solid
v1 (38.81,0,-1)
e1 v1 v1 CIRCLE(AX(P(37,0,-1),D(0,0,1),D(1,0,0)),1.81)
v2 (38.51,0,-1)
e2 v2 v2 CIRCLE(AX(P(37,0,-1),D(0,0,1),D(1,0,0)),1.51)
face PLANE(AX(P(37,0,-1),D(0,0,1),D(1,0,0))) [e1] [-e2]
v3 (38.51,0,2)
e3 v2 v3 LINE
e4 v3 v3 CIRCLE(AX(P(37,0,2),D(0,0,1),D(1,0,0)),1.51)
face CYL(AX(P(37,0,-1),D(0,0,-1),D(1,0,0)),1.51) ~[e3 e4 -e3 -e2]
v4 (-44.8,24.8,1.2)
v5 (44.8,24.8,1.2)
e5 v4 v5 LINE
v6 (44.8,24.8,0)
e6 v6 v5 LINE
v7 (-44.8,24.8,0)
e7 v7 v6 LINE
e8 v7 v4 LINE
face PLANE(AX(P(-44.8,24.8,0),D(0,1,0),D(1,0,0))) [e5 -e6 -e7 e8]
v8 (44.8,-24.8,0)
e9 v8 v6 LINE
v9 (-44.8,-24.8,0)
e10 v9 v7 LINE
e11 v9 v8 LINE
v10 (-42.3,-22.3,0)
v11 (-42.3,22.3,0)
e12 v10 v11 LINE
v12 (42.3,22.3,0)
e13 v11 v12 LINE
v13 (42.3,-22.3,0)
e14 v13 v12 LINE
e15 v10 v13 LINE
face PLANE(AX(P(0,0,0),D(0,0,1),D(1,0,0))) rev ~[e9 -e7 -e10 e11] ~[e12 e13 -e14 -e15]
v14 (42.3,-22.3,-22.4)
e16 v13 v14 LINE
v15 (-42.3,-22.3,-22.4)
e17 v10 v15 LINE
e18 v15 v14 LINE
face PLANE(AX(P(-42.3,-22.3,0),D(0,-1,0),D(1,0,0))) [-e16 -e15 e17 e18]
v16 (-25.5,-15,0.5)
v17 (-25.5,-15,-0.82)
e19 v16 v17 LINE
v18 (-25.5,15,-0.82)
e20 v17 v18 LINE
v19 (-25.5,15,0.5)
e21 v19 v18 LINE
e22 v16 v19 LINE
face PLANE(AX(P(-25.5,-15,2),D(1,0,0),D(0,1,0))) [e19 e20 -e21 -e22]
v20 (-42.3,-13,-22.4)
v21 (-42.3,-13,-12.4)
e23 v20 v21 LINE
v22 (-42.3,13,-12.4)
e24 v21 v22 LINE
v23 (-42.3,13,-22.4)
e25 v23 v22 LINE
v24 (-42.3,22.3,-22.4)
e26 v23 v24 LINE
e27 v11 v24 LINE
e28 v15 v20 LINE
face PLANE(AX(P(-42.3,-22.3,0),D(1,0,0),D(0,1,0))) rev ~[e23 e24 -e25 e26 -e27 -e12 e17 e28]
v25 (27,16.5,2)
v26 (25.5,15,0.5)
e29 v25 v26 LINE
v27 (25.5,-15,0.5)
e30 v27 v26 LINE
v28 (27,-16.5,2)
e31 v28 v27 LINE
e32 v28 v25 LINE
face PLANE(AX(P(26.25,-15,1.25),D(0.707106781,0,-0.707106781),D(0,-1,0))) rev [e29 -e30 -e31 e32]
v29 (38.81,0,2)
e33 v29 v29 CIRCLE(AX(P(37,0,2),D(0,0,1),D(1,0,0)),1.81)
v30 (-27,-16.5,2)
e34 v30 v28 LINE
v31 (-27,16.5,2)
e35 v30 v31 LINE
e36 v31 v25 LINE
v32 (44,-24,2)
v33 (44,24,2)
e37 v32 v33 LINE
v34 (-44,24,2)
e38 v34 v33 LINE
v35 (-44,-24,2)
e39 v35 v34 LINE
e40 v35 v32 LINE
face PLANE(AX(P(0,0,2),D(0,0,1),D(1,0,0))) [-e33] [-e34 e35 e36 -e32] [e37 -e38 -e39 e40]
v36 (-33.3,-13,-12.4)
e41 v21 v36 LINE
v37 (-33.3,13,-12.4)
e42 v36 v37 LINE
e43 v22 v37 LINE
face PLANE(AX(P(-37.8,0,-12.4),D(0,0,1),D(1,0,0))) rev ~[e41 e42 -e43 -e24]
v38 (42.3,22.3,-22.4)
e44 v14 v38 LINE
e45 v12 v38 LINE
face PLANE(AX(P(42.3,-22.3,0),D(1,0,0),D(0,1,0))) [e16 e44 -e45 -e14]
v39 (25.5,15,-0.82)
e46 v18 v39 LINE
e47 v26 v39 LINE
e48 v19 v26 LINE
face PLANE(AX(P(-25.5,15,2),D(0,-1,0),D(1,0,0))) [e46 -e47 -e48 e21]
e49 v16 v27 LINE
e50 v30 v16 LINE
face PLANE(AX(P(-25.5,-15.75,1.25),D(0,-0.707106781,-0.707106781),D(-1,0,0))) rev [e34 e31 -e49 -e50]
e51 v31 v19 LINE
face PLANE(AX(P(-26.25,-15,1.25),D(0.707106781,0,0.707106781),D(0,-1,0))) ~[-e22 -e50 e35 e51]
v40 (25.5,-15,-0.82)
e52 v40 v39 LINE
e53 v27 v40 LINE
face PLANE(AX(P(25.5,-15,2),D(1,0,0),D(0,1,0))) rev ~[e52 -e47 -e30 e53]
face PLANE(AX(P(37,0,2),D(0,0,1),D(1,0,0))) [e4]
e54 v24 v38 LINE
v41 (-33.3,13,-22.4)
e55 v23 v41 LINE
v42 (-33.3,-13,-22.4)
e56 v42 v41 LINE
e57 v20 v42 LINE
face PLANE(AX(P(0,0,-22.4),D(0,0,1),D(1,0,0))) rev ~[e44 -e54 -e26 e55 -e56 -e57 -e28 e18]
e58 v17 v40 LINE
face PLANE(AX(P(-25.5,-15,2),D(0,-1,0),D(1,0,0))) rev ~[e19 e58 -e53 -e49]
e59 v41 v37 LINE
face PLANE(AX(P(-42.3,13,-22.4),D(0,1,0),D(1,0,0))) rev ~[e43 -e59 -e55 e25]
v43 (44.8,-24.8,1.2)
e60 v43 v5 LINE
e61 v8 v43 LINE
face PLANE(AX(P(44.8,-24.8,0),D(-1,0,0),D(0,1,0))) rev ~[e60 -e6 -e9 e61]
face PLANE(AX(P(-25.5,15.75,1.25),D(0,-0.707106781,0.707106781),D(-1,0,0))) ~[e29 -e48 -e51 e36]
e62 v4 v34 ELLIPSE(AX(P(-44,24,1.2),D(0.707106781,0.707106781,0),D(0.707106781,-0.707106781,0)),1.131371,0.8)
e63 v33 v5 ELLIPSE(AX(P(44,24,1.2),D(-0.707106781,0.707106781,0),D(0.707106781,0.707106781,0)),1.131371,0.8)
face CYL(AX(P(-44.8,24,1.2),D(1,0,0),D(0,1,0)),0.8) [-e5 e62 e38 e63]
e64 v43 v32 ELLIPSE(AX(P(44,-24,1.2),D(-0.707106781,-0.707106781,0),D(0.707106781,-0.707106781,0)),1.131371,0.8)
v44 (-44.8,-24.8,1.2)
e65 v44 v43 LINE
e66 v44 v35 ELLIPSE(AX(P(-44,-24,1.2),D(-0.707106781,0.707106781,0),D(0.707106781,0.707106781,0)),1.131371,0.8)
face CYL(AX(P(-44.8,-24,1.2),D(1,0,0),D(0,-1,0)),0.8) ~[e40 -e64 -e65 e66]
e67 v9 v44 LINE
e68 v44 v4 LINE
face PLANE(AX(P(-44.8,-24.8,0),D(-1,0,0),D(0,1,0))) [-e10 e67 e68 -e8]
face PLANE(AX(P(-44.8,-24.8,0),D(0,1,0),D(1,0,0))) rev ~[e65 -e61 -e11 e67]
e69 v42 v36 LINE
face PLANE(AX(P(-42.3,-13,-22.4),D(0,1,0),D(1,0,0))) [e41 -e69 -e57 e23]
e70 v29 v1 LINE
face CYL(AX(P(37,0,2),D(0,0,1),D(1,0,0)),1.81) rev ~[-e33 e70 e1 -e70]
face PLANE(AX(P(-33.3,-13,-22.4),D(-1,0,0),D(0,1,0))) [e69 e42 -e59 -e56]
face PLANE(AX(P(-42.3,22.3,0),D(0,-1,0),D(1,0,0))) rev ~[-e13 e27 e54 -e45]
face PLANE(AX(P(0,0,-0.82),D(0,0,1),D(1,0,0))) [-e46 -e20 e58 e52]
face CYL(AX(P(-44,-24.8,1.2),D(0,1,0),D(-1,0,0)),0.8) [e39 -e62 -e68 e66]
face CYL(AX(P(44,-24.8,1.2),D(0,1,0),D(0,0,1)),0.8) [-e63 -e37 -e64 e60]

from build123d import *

# Parameters (mm, degrees)
SKETCH_W        = 84.6
SKETCH_H        = 44.6
PAD_DEPTH       = 22.4
SKETCH001_W     = 89.6
SKETCH001_H     = 49.6
PAD001_DEPTH    = 2
FILLET_R        = 0.8
SKETCH002_W     = 51
SKETCH002_H     = 30
POCKET_DEPTH    = 2.82
CHAMFER_SIZE    = 1.5
SKETCH003_R     = 1.81
POCKET001_DEPTH = 3
SKETCH006_W     = 9
SKETCH006_H     = 26
POCKET002_DEPTH = 10
SKETCH007_R     = 1.51
PAD002_DEPTH    = 3


with BuildPart() as part:
    # Sketch → Pad (new body)
    with BuildSketch(Plane.XY):
        Rectangle(SKETCH_W, SKETCH_H)
    extrude(amount=-PAD_DEPTH)

    # Sketch001 → Pad001 (join)
    with BuildSketch(Plane.XY):
        Rectangle(SKETCH001_W, SKETCH001_H)
    extrude(amount=PAD001_DEPTH)

    # Fillet
    fillet_edges = [part.edges().sort_by_distance(p)[0] for p in [
        (0, -24.8, 2),
        (44.8, 0, 2),
        (0, 24.8, 2),
        (-44.8, 0, 2),
    ]]
    fillet(fillet_edges, radius=FILLET_R)

    # Sketch002 (on Face8 of Fillet) → Pocket (cut)
    with BuildSketch(Plane.XY.offset(2)):
        Rectangle(SKETCH002_W, SKETCH002_H)
    extrude(amount=-POCKET_DEPTH, mode=Mode.SUBTRACT)

    # Chamfer
    chamfer_edges = [part.edges().sort_by_distance(p)[0] for p in [
        (-25.5, 0, 2),
        (0, 15, 2),
        (0, -15, 2),
        (25.5, 0, 2),
    ]]
    chamfer(chamfer_edges, length=CHAMFER_SIZE)

    # Sketch003 (on Face1 of Chamfer) → Pocket001 (cut)
    with BuildSketch(Plane.XY.offset(2)):
        with Locations((37, 0)):
            Circle(SKETCH003_R)
    extrude(amount=-POCKET001_DEPTH, mode=Mode.SUBTRACT)

    # Sketch006 (on DatumPlane) → Pocket002 (cut)
    with BuildSketch(Plane.XY.offset(-22.4)):
        with Locations((-37.8, 0)):
            Rectangle(SKETCH006_W, SKETCH006_H)
    extrude(amount=POCKET002_DEPTH, mode=Mode.SUBTRACT)

    # Sketch007 (on DatumPlane) → Pad002 (join)
    with BuildSketch(Plane.XY.offset(-1)):
        with Locations((37, 0)):
            Circle(SKETCH007_R)
    extrude(amount=PAD002_DEPTH)


solid = part.part
